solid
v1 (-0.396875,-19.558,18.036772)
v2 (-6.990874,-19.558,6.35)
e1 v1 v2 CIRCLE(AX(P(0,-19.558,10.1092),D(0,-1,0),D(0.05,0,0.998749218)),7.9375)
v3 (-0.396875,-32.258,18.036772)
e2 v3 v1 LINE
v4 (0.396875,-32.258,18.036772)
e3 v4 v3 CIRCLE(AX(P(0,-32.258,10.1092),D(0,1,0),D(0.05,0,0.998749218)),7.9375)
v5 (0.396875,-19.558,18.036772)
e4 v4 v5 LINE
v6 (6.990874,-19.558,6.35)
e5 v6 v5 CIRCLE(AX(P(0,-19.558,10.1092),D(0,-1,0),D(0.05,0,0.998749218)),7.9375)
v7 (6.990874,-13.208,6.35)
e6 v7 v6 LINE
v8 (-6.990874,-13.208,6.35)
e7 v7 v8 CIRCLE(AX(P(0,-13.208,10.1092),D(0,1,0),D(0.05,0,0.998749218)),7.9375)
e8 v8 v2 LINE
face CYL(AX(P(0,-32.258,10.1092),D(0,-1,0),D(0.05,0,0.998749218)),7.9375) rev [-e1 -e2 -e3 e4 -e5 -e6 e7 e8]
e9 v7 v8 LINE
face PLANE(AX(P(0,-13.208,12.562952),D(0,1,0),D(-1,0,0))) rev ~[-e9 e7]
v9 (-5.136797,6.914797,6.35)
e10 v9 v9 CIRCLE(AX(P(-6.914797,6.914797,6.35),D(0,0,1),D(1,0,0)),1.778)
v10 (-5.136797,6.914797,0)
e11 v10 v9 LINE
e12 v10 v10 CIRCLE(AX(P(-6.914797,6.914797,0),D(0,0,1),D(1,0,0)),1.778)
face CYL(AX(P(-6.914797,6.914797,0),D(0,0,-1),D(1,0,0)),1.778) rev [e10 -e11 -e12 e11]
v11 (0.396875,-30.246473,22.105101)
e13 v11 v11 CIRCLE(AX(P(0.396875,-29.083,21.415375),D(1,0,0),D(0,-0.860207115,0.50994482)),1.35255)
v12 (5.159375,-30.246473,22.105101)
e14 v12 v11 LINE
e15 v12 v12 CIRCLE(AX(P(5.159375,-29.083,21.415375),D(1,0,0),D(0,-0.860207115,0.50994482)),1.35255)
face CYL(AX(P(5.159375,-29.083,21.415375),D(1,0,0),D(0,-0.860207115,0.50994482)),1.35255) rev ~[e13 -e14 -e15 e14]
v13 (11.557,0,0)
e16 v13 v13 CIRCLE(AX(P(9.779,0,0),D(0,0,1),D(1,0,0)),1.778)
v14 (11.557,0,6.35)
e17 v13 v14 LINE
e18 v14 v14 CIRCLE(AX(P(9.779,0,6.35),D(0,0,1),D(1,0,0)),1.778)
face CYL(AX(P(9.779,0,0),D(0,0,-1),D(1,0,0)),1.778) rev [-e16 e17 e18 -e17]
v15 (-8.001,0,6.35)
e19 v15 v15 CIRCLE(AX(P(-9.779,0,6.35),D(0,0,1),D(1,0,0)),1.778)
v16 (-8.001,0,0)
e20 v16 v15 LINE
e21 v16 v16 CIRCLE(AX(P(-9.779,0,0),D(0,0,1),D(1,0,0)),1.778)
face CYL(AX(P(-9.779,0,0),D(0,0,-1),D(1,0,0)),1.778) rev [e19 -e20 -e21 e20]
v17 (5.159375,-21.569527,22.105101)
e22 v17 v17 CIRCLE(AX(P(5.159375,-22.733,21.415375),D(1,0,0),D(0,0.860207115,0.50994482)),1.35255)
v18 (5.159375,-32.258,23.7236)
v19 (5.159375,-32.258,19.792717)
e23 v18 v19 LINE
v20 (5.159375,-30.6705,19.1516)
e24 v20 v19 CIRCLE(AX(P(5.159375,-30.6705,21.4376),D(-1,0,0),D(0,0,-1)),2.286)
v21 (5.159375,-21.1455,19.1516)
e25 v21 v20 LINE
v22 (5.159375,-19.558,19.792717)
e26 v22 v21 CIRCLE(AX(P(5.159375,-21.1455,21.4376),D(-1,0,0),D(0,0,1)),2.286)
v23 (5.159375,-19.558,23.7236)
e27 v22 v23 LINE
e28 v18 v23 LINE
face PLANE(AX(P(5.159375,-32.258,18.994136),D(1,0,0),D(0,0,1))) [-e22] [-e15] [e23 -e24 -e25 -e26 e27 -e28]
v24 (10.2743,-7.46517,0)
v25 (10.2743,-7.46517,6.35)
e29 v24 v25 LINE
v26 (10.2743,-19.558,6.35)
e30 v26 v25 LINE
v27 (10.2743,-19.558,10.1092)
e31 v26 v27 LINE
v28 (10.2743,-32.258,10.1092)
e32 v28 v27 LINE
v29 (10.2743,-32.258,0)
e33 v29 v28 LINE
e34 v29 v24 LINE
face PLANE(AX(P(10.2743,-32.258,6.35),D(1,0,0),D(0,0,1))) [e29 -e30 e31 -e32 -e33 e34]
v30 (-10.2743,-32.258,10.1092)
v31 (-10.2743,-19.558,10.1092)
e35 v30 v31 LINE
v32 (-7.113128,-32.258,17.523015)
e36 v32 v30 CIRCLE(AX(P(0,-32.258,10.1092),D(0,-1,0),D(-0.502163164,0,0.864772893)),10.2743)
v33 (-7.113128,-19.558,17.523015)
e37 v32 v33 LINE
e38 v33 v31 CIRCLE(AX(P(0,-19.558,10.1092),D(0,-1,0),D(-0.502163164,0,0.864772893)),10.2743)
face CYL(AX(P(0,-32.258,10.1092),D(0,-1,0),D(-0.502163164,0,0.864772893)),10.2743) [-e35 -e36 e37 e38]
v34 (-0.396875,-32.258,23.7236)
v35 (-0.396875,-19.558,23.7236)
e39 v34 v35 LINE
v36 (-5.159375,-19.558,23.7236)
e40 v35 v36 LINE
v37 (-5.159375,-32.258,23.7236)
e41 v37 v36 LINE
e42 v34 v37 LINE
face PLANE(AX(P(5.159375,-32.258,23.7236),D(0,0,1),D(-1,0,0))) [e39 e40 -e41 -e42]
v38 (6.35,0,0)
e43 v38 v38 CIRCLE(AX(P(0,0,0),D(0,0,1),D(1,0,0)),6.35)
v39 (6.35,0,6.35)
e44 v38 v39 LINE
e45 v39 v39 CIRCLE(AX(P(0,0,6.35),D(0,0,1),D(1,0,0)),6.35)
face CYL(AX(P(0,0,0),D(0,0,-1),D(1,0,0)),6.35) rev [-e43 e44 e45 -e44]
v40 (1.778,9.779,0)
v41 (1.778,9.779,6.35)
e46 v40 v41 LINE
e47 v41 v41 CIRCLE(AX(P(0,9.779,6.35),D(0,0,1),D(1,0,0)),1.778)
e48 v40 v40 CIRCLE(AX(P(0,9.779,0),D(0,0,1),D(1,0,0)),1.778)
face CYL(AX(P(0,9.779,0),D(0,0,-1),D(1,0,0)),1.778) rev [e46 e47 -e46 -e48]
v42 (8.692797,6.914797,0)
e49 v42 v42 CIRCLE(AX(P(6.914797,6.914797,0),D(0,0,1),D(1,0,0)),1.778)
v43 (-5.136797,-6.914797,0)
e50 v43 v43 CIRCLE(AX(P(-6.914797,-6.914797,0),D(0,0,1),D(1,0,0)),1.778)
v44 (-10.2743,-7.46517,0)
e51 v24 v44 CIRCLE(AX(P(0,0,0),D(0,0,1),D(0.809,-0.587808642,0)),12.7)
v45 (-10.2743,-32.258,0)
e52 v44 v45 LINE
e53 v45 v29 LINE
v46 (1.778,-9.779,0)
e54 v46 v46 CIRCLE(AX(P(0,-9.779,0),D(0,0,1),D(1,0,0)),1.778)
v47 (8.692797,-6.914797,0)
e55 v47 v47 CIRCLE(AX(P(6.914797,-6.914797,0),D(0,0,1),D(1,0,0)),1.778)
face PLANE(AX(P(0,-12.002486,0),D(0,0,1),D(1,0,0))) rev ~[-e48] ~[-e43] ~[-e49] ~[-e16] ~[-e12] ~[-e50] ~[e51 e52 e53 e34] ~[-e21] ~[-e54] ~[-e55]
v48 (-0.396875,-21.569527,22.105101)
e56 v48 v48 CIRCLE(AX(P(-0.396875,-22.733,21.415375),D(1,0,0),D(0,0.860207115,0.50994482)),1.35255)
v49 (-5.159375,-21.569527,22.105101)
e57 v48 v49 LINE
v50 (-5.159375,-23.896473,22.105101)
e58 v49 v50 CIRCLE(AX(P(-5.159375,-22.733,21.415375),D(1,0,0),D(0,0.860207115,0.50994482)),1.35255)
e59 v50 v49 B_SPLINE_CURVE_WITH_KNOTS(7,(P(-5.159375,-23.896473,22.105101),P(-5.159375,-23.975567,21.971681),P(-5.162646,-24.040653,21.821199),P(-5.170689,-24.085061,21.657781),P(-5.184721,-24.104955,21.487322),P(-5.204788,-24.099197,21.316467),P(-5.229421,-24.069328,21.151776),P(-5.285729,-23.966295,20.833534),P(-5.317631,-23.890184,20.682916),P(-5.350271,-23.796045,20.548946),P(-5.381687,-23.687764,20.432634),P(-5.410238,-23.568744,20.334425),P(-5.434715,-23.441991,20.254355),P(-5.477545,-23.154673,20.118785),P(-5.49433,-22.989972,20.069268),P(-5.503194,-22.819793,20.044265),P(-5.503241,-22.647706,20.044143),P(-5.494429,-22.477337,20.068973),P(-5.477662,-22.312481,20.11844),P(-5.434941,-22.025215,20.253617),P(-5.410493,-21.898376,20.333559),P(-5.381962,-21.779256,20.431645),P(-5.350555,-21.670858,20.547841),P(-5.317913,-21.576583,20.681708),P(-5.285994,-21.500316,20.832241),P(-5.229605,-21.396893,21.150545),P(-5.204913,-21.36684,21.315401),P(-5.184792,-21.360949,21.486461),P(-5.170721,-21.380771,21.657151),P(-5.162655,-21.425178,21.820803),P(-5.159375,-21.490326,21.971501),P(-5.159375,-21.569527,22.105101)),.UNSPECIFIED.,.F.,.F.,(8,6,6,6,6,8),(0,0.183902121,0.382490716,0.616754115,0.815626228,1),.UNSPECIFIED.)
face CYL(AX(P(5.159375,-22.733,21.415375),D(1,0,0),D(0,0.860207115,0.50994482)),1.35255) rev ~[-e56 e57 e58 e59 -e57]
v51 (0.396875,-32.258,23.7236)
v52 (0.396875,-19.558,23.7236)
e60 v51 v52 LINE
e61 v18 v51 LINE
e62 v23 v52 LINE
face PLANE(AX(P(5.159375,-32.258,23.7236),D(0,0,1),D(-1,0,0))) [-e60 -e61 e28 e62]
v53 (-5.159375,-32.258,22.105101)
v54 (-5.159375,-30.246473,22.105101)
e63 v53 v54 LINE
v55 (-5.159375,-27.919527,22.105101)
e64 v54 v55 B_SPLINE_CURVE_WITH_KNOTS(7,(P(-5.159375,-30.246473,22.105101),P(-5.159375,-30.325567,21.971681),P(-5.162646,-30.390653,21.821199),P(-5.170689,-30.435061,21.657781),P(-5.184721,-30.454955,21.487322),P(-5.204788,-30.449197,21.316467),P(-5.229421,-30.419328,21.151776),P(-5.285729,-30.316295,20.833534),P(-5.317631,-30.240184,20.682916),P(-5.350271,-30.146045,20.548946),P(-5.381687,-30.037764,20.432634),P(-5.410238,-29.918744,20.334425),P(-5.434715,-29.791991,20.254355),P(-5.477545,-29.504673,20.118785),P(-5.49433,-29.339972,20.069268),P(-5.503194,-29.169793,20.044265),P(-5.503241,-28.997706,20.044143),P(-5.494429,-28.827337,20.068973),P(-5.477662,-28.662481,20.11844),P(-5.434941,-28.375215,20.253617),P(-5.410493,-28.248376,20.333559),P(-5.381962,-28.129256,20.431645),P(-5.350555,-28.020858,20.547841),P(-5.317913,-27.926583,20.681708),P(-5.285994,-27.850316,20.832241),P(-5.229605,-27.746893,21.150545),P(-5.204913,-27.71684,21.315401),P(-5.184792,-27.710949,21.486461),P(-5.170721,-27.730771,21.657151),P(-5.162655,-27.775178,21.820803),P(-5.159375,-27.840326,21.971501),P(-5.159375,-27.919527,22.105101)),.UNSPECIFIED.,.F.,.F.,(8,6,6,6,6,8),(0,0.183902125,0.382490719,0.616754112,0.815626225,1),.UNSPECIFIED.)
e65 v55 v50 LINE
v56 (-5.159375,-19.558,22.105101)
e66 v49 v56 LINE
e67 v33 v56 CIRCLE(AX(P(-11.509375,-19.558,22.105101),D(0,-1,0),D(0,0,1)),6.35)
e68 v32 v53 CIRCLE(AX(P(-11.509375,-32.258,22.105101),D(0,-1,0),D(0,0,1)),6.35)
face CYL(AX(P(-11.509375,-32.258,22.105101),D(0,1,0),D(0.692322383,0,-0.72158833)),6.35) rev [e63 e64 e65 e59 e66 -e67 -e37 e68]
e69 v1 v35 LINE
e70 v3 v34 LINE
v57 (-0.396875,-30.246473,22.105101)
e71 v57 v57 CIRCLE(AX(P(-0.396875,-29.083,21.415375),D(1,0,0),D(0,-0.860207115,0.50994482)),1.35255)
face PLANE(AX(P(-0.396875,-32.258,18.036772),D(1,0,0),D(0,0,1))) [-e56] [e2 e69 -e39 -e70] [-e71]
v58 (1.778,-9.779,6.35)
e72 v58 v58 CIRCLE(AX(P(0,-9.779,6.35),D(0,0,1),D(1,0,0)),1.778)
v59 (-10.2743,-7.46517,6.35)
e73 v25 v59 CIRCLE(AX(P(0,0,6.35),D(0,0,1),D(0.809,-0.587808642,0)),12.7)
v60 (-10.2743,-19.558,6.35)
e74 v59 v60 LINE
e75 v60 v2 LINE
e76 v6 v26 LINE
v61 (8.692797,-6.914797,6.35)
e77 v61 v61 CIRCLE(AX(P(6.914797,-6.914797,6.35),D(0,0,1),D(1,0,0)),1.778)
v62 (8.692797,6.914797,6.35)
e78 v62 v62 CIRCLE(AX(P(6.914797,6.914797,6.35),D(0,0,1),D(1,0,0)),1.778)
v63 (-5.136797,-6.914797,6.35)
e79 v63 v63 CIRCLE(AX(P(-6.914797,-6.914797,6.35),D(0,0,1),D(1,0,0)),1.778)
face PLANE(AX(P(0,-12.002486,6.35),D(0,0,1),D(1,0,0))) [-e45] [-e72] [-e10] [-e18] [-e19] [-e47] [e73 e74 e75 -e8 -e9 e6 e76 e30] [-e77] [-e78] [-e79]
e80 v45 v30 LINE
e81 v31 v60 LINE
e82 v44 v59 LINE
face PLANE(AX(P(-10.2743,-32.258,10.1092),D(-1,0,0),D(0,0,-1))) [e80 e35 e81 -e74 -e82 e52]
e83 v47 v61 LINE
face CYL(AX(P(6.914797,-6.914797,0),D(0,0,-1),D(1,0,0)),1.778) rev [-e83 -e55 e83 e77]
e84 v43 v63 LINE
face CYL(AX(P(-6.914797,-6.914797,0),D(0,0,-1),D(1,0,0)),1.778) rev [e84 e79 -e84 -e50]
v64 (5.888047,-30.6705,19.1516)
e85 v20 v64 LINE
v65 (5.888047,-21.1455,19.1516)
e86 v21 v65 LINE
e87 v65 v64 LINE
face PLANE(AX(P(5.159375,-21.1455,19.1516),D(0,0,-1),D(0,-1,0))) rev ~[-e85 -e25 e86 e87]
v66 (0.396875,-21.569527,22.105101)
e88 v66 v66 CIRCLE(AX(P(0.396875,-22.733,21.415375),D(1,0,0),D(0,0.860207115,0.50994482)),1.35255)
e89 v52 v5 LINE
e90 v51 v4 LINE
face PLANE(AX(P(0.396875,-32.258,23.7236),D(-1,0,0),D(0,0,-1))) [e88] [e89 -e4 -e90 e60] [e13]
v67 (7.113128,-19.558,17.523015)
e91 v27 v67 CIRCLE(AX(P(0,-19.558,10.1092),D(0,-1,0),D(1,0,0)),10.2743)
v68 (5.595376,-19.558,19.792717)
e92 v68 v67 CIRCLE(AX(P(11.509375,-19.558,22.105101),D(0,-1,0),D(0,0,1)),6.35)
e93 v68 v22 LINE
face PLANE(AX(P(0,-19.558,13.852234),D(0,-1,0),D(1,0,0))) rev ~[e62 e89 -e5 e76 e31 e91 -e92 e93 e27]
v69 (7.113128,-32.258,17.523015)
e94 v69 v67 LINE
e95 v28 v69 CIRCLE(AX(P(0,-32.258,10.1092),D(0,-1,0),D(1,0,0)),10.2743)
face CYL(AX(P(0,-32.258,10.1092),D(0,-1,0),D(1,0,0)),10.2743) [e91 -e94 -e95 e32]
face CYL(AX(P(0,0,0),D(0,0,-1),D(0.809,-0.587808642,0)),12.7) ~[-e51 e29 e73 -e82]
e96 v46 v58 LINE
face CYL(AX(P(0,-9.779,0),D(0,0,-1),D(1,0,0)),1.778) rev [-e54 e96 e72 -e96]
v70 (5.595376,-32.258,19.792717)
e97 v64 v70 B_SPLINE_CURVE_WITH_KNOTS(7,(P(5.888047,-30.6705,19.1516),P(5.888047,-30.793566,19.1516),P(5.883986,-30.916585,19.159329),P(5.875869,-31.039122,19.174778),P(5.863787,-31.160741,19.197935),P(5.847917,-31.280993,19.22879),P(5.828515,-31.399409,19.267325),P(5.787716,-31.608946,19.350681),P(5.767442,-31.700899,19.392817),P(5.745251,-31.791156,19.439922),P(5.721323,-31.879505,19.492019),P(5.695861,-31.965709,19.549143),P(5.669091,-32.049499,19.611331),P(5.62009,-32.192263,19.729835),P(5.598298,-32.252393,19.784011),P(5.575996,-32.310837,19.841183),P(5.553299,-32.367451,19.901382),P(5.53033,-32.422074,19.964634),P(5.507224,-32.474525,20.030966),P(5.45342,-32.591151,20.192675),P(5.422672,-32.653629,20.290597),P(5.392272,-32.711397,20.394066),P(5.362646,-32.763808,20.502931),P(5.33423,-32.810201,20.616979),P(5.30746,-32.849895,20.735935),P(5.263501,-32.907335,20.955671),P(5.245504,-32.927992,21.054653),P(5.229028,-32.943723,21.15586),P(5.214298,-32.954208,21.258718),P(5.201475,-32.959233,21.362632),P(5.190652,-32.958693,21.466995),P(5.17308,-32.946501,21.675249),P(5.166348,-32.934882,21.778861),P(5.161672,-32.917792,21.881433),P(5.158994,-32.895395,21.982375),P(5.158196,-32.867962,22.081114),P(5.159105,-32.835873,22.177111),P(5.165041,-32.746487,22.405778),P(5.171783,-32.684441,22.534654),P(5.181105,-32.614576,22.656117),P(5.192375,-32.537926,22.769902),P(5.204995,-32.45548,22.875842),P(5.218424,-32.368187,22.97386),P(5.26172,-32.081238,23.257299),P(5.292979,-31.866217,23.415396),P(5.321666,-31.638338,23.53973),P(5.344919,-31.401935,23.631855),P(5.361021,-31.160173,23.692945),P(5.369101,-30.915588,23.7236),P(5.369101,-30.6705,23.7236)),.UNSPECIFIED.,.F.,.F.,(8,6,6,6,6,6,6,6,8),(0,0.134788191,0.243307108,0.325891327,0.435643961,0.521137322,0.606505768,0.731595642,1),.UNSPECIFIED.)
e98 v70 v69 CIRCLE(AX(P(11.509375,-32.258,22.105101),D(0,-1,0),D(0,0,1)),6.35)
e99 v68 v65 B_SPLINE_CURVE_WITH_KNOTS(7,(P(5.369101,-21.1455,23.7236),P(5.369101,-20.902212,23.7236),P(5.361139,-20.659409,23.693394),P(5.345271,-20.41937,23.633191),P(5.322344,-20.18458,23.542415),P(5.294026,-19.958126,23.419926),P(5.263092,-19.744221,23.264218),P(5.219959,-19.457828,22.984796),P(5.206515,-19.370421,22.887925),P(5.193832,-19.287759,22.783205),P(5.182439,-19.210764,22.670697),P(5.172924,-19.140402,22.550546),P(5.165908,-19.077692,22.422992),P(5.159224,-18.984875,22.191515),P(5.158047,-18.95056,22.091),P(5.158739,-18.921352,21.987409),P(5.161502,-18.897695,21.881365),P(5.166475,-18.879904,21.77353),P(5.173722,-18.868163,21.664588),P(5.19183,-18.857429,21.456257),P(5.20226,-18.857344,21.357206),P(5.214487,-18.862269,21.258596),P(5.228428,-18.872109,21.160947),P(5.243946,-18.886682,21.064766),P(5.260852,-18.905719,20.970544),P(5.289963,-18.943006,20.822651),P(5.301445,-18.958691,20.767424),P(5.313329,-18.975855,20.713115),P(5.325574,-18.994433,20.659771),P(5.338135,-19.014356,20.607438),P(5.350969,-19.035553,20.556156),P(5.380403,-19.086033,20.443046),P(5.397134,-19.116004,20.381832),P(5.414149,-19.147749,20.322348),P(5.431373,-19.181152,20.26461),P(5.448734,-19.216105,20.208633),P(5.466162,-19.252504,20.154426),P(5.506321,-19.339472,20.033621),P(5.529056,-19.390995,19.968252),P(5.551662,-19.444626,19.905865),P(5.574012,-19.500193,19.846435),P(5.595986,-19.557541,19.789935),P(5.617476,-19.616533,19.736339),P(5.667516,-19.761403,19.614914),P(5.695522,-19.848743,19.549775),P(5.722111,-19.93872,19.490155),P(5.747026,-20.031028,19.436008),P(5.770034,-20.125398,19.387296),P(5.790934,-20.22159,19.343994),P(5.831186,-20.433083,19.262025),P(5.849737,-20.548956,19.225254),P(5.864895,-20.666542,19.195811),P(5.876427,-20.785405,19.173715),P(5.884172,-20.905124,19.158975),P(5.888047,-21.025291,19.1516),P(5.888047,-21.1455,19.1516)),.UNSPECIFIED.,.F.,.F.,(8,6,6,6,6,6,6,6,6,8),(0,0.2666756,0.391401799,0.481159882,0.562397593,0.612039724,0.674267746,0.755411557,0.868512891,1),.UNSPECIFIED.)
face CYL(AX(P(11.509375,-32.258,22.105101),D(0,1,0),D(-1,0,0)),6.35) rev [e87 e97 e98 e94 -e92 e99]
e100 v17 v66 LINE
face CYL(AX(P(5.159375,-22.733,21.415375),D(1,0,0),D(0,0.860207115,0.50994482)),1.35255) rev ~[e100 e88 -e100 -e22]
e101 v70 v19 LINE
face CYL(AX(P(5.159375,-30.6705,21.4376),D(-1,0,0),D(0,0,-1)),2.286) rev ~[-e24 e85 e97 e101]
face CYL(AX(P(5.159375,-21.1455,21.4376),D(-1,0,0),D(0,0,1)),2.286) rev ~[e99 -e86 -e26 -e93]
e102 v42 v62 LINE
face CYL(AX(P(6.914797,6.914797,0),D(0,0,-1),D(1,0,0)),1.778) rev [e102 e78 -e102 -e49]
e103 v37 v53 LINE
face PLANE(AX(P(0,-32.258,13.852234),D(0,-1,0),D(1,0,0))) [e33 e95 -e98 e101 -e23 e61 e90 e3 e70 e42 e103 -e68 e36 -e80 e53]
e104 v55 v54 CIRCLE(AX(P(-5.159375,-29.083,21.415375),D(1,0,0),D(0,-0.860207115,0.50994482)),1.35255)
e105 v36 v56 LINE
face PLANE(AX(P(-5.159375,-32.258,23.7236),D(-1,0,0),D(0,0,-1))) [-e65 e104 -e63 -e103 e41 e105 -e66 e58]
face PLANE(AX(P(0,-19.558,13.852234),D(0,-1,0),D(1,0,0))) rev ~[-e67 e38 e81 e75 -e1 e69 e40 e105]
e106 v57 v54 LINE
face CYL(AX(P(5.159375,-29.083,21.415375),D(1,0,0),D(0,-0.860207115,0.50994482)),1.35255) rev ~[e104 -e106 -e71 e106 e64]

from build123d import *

# Parameters (mm, degrees)
ESQUISSE1_R                  = 6.35
ESQUISSE1_R_2                = 1.778
BOSS_EXTRU_1_DEPTH           = 6.35
BOSS_EXTRU_2_DEPTH           = 12.7
ENL_V_MAT_EXTRU_1_DEPTH      = 19.05
CONG_1_R                     = 6.35
ENL_V_MAT_EXTRU_2_REACH      = 45.845
ENL_V_MAT_EXTRU_2_END_RADIUS = 6.35
ESQUISSE5_R                  = 1.35255
ENL_V_MAT_EXTRU_3_DEPTH      = 44.844555452


with BuildPart() as part:
    # Esquisse1 → Boss.-Extru.1 (new body)
    with BuildSketch(Plane.XY):
        with BuildLine():
            Line((-10.2743, -7.465169758), (-10.2743, -32.258))
            Line((-10.2743, -32.258), (10.2743, -32.258))
            Line((10.2743, -32.258), (10.2743, -7.465169758))
            ThreePointArc((10.2743, -7.465169758), (0, 12.7), (-10.2743, -7.465169758))
        make_face()
        Circle(ESQUISSE1_R, mode=Mode.SUBTRACT)
        with Locations((0, 9.779)):
            Circle(ESQUISSE1_R_2, mode=Mode.SUBTRACT)
        with Locations((6.914797213, 6.914797213)):
            Circle(ESQUISSE1_R_2, mode=Mode.SUBTRACT)
        with Locations((9.779, 0)):
            Circle(ESQUISSE1_R_2, mode=Mode.SUBTRACT)
        with Locations((6.914797213, -6.914797213)):
            Circle(ESQUISSE1_R_2, mode=Mode.SUBTRACT)
        with Locations((0, -9.779)):
            Circle(ESQUISSE1_R_2, mode=Mode.SUBTRACT)
        with Locations((-6.914797213, -6.914797213)):
            Circle(ESQUISSE1_R_2, mode=Mode.SUBTRACT)
        with Locations((-9.779, 0)):
            Circle(ESQUISSE1_R_2, mode=Mode.SUBTRACT)
        with Locations((-6.914797213, 6.914797213)):
            Circle(ESQUISSE1_R_2, mode=Mode.SUBTRACT)
    extrude(amount=BOSS_EXTRU_1_DEPTH)

    # Esquisse2 → Boss.-Extru.2 (add)
    with BuildSketch(Plane.XZ.offset(32.258)):
        with BuildLine():
            Line((-10.2743, 10.1092), (-10.2743, 6.35))
            Line((-10.2743, 6.35), (10.2743, 6.35))
            Line((10.2743, 6.35), (10.2743, 10.1092))
            ThreePointArc((10.2743, 10.1092), (8.9042183, 15.235225455), (5.159375, 18.994136134))
            Line((5.159375, 18.994136134), (5.159375, 23.7236))
            Line((5.159375, 23.7236), (-5.159375, 23.7236))
            Line((-5.159375, 23.7236), (-5.159375, 18.994136134))
            ThreePointArc((-5.159375, 18.994136134), (-8.9042183, 15.235225455), (-10.2743, 10.1092))
        make_face()
    extrude(amount=-BOSS_EXTRU_2_DEPTH)

    # Esquisse3 → Enlèv. mat.-Extru.1 (cut)
    with BuildSketch(Plane.XZ.offset(32.258)):
        with BuildLine():
            Line((-0.396875, 18.036771916), (-0.396875, 23.7236))
            Line((-0.396875, 23.7236), (0.396875, 23.7236))
            Line((0.396875, 23.7236), (0.396875, 18.036771916))
            ThreePointArc((0.396875, 18.036771916), (0, 2.1717), (-0.396875, 18.036771916))
        make_face()
    extrude(amount=-ENL_V_MAT_EXTRU_1_DEPTH, mode=Mode.SUBTRACT)

    # Congé1
    cong_1_edges = [part.edges().sort_by_distance(p)[0] for p in [
        (-5.159375, -25.908, 18.994136134),
        (5.159375, -25.908, 18.994136134),
    ]]
    fillet(cong_1_edges, radius=CONG_1_R)

    # Enlèv. mat.-Extru.2: up to this cylinder (the profile starts outside it)
    enl_v_mat_extru_2_end = Plane(origin=(11.509375, -25.908, 22.105100867), z_dir=(0, -1, 0)) * Cylinder(ENL_V_MAT_EXTRU_2_END_RADIUS, 105.39, mode=Mode.PRIVATE)
    # Esquisse4 → Enlèv. mat.-Extru.2 (cut, up to the surface)
    with BuildSketch(Plane(origin=(5.159375, 0, 0), x_dir=(0, 0, -1), z_dir=(1, 0, 0)), mode=Mode.PRIVATE) as enl_v_mat_extru_2_sk1:
        with BuildLine():
            Line((-19.1516, -21.1455), (-19.1516, -30.6705))
            ThreePointArc((-19.1516, -30.6705), (-21.4376, -32.9565), (-23.7236, -30.6705))
            Line((-23.7236, -30.6705), (-23.7236, -21.1455))
            ThreePointArc((-23.7236, -21.1455), (-21.4376, -18.8595), (-19.1516, -21.1455))
        make_face()
    enl_v_mat_extru_2_tool1 = extrude(enl_v_mat_extru_2_sk1.sketch, amount=ENL_V_MAT_EXTRU_2_REACH, mode=Mode.PRIVATE) - enl_v_mat_extru_2_end
    add(enl_v_mat_extru_2_tool1.solids().sort_by_distance((5.159375, -25.908, 21.4376))[0], mode=Mode.SUBTRACT)
    add(enl_v_mat_extru_2_tool1.solids().sort_by_distance((5.159375, -25.908, 21.4376))[1], mode=Mode.SUBTRACT)

    # Esquisse5 → Enlèv. mat.-Extru.3 (cut, through all)
    with BuildSketch(Plane(origin=(5.159375, 0, 0), x_dir=(0, 0, -1), z_dir=(1, 0, 0))):
        with Locations(Location((-21.415375, -22.733, 0), (0, 0, 120.660154312))):
            Circle(ESQUISSE5_R)
        with Locations(Location((-21.415375, -29.083, 0), (0, 0, 239.339845688))):
            Circle(ESQUISSE5_R)
    extrude(amount=-ENL_V_MAT_EXTRU_3_DEPTH, mode=Mode.SUBTRACT)


solid = part.part
